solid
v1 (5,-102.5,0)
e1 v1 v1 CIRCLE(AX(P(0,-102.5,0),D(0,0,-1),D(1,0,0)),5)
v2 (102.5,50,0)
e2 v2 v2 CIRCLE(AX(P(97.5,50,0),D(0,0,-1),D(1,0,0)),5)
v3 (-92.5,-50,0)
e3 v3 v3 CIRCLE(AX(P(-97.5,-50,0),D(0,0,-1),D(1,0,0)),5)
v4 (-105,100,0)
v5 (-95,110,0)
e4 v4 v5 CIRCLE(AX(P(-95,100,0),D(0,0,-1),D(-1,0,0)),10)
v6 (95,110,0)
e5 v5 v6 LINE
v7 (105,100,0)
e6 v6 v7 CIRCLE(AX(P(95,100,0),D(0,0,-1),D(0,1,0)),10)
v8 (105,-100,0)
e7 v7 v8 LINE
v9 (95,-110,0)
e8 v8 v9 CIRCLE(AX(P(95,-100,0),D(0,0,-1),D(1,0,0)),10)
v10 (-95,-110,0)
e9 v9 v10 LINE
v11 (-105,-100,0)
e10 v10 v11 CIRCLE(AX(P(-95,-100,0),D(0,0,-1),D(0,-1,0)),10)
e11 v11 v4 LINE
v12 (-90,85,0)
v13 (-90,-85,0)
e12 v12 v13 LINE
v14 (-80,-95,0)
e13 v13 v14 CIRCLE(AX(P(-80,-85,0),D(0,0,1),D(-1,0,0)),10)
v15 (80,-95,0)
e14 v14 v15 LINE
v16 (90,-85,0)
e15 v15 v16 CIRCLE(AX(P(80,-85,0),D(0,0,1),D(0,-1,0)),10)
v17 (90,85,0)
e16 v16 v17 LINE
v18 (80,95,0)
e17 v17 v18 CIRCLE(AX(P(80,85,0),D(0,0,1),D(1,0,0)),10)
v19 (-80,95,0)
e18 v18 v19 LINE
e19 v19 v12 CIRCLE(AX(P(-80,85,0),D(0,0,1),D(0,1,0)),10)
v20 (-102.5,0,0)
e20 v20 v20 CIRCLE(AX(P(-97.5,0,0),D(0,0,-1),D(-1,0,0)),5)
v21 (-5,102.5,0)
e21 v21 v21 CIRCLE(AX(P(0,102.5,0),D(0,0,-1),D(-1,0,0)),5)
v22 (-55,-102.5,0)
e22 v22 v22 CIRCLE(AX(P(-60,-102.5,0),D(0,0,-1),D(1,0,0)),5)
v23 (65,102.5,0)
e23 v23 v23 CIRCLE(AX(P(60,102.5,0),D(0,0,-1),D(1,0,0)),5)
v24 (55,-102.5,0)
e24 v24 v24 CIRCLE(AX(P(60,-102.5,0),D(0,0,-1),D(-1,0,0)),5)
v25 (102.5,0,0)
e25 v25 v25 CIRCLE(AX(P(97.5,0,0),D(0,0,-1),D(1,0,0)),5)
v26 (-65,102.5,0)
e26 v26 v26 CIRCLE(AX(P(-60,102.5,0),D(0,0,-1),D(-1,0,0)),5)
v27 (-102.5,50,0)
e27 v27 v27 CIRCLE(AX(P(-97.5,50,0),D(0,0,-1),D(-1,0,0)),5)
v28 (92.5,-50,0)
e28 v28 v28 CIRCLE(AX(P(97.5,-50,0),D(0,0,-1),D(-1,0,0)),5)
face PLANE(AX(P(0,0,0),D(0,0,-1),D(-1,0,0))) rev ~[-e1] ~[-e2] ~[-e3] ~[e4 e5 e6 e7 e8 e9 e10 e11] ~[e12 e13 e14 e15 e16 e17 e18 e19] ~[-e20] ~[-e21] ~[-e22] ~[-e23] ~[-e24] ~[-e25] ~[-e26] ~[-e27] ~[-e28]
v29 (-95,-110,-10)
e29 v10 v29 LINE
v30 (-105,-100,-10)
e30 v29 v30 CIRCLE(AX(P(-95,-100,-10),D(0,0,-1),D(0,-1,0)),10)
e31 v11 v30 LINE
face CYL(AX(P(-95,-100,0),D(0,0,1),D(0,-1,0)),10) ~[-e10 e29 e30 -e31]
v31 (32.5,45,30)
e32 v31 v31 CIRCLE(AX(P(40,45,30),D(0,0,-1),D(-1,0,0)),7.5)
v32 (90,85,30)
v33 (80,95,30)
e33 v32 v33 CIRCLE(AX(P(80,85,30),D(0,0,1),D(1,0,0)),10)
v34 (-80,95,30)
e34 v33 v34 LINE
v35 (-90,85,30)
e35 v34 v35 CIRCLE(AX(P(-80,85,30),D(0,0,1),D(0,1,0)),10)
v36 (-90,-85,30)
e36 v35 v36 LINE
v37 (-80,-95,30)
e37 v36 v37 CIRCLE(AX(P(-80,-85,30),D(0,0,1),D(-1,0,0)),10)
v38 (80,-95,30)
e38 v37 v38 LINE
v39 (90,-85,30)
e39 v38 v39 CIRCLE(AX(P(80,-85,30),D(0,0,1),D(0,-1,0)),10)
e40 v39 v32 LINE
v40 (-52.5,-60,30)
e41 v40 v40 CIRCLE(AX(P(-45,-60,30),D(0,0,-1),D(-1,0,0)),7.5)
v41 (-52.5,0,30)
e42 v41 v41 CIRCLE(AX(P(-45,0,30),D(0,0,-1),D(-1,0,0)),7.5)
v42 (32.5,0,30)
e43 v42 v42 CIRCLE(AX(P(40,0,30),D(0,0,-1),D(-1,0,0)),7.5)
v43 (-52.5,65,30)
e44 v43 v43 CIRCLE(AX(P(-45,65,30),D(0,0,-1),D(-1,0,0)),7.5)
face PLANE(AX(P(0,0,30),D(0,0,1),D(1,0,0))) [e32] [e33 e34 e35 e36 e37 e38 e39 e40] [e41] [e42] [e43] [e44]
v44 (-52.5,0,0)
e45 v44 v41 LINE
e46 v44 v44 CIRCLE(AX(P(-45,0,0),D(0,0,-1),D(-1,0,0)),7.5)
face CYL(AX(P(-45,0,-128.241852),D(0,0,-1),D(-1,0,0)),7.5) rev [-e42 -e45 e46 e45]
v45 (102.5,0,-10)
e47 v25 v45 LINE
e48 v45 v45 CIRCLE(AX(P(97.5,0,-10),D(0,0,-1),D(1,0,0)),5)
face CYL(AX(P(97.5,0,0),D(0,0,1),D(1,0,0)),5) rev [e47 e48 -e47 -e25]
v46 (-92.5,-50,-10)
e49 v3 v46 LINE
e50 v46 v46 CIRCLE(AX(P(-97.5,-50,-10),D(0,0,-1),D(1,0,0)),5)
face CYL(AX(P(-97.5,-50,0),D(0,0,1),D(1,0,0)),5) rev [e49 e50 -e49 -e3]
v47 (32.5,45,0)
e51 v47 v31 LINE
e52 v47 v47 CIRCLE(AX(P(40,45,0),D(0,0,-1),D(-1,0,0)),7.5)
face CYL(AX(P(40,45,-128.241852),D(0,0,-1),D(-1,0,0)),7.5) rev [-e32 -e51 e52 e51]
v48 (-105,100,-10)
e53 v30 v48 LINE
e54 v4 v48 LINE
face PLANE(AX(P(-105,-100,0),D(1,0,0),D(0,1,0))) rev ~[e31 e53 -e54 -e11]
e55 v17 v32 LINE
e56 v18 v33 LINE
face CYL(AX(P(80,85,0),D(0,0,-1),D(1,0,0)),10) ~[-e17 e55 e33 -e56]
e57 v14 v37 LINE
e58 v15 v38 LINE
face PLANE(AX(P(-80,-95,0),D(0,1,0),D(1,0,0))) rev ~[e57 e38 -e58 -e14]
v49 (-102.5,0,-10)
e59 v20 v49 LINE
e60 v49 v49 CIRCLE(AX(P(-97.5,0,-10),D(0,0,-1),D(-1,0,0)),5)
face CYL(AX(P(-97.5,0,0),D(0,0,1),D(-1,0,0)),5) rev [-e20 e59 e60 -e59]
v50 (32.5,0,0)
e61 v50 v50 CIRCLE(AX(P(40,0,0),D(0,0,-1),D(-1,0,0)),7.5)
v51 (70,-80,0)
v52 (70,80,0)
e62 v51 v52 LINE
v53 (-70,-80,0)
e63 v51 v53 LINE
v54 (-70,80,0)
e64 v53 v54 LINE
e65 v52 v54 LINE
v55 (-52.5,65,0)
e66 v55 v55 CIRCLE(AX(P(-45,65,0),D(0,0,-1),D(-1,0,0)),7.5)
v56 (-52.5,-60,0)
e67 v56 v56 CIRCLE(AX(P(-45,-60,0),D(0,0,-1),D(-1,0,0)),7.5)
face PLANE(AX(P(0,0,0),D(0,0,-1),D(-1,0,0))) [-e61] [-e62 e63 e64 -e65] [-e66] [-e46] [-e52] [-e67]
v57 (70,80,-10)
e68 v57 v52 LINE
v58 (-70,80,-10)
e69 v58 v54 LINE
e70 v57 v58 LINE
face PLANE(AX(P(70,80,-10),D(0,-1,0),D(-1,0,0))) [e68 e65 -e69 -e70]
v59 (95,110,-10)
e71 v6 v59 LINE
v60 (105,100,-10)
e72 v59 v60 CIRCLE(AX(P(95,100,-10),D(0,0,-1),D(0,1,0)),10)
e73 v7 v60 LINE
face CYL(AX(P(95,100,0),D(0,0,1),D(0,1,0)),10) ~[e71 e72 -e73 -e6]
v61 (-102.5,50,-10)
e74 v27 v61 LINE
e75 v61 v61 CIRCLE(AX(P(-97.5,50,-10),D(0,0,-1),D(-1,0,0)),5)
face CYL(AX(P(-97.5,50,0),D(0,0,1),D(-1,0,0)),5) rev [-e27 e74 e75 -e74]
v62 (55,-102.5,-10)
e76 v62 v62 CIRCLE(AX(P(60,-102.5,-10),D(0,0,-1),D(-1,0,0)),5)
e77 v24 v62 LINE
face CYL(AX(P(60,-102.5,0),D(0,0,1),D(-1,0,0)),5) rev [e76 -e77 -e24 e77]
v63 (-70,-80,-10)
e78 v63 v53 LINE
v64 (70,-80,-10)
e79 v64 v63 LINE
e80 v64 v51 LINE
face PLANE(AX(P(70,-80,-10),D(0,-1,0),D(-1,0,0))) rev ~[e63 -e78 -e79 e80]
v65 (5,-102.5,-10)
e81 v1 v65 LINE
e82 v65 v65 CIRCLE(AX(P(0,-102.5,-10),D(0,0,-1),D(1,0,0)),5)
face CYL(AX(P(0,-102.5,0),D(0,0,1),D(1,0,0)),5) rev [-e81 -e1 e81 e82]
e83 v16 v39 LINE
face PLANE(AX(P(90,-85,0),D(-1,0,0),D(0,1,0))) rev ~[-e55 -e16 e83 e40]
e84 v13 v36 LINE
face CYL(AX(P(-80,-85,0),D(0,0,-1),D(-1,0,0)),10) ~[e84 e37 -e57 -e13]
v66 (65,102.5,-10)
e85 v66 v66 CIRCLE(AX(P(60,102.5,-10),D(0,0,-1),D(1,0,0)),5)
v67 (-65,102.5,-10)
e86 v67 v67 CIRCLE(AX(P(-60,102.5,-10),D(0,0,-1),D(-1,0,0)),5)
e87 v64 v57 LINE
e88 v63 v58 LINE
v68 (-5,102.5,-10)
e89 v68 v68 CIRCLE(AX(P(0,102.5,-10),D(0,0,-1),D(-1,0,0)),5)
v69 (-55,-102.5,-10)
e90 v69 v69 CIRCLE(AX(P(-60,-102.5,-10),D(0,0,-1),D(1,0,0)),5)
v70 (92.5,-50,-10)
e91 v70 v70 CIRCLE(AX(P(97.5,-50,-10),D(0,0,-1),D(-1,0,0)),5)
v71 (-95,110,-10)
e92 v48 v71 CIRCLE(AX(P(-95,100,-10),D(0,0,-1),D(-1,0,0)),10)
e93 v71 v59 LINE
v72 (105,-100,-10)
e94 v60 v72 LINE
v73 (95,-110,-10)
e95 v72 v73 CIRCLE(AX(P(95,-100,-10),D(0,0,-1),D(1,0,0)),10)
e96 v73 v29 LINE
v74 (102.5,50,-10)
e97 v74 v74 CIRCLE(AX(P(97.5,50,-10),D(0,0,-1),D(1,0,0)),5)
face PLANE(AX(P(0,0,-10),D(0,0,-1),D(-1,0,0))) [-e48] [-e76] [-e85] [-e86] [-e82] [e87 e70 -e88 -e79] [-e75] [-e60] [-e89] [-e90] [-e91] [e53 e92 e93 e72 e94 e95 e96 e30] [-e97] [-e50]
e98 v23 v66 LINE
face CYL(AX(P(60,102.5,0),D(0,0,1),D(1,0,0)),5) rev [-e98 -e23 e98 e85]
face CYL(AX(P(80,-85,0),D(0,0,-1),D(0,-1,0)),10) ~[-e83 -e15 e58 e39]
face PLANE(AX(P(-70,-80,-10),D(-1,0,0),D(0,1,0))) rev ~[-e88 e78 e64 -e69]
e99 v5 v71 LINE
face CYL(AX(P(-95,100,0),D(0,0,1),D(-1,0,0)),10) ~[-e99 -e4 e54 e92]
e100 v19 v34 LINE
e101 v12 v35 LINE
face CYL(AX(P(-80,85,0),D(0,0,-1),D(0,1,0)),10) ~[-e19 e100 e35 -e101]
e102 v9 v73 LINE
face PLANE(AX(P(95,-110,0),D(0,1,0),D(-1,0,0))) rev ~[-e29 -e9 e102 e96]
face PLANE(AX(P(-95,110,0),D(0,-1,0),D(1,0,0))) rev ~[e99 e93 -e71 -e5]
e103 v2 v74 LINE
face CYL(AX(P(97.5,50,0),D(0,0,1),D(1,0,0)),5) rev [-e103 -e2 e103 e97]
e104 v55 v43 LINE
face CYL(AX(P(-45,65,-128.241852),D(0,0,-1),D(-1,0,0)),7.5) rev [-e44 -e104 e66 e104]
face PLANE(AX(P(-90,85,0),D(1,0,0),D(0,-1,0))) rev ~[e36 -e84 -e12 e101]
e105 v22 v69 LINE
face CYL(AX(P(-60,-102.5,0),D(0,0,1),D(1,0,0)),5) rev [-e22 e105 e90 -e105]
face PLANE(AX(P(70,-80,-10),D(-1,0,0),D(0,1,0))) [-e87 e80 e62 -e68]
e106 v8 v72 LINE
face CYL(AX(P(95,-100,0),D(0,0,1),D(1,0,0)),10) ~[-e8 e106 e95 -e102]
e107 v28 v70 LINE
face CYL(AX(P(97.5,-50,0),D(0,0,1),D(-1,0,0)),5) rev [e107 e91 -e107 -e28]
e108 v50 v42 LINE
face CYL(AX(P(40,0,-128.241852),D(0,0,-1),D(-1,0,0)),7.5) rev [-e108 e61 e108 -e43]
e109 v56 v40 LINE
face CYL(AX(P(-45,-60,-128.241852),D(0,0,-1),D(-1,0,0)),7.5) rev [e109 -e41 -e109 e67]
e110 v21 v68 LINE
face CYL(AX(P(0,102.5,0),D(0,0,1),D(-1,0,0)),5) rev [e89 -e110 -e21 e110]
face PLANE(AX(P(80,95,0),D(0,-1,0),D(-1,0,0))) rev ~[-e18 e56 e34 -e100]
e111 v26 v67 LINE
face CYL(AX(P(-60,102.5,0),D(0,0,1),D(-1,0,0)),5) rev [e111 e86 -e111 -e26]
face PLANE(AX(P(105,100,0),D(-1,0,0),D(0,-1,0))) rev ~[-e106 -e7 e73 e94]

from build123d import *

# Parameters (mm, degrees)
EXTRUDE_1_DEPTH          = 30
SKETCH_2_R               = 5
EXTRUDE_2_DEPTH          = 10
SKETCH_3_W               = 140
SKETCH_3_H               = 160
CUT_EXTRUDE_1_DEPTH      = 10
CUT_EXTRUDE_2_DEPTH      = 158.241851935
CUT_EXTRUDE_2_DEPTH_BACK = 158.241851935
SKETCH_4_R               = 7.5


with BuildPart() as part:
    # 草图1 → 凸台-拉伸1 (new body)
    with BuildSketch(Plane.XY):
        with BuildLine():
            Line((-80, -95), (80, -95))
            ThreePointArc((80, -95), (87.071067812, -92.071067812), (90, -85))
            Line((90, -85), (90, 85))
            ThreePointArc((90, 85), (87.071067812, 92.071067812), (80, 95))
            Line((80, 95), (-80, 95))
            ThreePointArc((-80, 95), (-87.071067812, 92.071067812), (-90, 85))
            Line((-90, 85), (-90, -85))
            ThreePointArc((-90, -85), (-87.071067812, -92.071067812), (-80, -95))
        make_face()
    extrude(amount=EXTRUDE_1_DEPTH)

    # 草图2 → 凸台-拉伸2 (add)
    with BuildSketch(Plane(origin=(0, 0, 0), x_dir=(-1, 0, 0), z_dir=(0, 0, -1))):
        with BuildLine():
            Line((-95, -110), (95, -110))
            ThreePointArc((95, -110), (102.071067812, -107.071067812), (105, -100))
            Line((105, -100), (105, 100))
            ThreePointArc((105, 100), (102.071067812, 107.071067812), (95, 110))
            Line((95, 110), (-95, 110))
            ThreePointArc((-95, 110), (-102.071067812, 107.071067812), (-105, 100))
            Line((-105, 100), (-105, -100))
            ThreePointArc((-105, -100), (-102.071067812, -107.071067812), (-95, -110))
        make_face()
        with Locations((97.5, 0)):
            Circle(SKETCH_2_R, mode=Mode.SUBTRACT)
        with Locations((0, 102.5)):
            Circle(SKETCH_2_R, mode=Mode.SUBTRACT)
        with Locations((60, 102.5)):
            Circle(SKETCH_2_R, mode=Mode.SUBTRACT)
        with Locations((97.5, 50)):
            Circle(SKETCH_2_R, mode=Mode.SUBTRACT)
        with Locations(Location((97.5, -50, 0), (0, 0, 180))):
            Circle(SKETCH_2_R, mode=Mode.SUBTRACT)
        with Locations(Location((60, -102.5, 0), (0, 0, 180))):
            Circle(SKETCH_2_R, mode=Mode.SUBTRACT)
        with Locations(Location((0, -102.5, 0), (0, 0, 180))):
            Circle(SKETCH_2_R, mode=Mode.SUBTRACT)
        with Locations(Location((-60, 102.5, 0), (0, 0, 180))):
            Circle(SKETCH_2_R, mode=Mode.SUBTRACT)
        with Locations((-60, -102.5)):
            Circle(SKETCH_2_R, mode=Mode.SUBTRACT)
        with Locations((-97.5, -50)):
            Circle(SKETCH_2_R, mode=Mode.SUBTRACT)
        with Locations(Location((-97.5, 0, 0), (0, 0, 180))):
            Circle(SKETCH_2_R, mode=Mode.SUBTRACT)
        with Locations(Location((-97.5, 50, 0), (0, 0, 180))):
            Circle(SKETCH_2_R, mode=Mode.SUBTRACT)
    extrude(amount=EXTRUDE_2_DEPTH)

    # 草图3 → 切除-拉伸1 (cut)
    with BuildSketch(Plane(origin=(0, 0, -10), x_dir=(-1, 0, 0), z_dir=(0, 0, -1))):
        Rectangle(SKETCH_3_W, SKETCH_3_H)
    extrude(amount=-CUT_EXTRUDE_1_DEPTH, mode=Mode.SUBTRACT)

    # 草图4 → 切除-拉伸2 (cut, two sides: drawn at the far end of the back side and taken through both)
    with BuildSketch(Plane.XY.offset(30).offset(-CUT_EXTRUDE_2_DEPTH_BACK)):
        with Locations(Location((40, 45, 0), (0, 0, 180))):
            Circle(SKETCH_4_R)
        with Locations(Location((40, 0, 0), (0, 0, 180))):
            Circle(SKETCH_4_R)
        with Locations(Location((-45, 0, 0), (0, 0, 180))):
            Circle(SKETCH_4_R)
        with Locations(Location((-45, 65, 0), (0, 0, 180))):
            Circle(SKETCH_4_R)
        with Locations(Location((-45, -60, 0), (0, 0, 180))):
            Circle(SKETCH_4_R)
    extrude(amount=CUT_EXTRUDE_2_DEPTH + CUT_EXTRUDE_2_DEPTH_BACK, mode=Mode.SUBTRACT)


solid = part.part
